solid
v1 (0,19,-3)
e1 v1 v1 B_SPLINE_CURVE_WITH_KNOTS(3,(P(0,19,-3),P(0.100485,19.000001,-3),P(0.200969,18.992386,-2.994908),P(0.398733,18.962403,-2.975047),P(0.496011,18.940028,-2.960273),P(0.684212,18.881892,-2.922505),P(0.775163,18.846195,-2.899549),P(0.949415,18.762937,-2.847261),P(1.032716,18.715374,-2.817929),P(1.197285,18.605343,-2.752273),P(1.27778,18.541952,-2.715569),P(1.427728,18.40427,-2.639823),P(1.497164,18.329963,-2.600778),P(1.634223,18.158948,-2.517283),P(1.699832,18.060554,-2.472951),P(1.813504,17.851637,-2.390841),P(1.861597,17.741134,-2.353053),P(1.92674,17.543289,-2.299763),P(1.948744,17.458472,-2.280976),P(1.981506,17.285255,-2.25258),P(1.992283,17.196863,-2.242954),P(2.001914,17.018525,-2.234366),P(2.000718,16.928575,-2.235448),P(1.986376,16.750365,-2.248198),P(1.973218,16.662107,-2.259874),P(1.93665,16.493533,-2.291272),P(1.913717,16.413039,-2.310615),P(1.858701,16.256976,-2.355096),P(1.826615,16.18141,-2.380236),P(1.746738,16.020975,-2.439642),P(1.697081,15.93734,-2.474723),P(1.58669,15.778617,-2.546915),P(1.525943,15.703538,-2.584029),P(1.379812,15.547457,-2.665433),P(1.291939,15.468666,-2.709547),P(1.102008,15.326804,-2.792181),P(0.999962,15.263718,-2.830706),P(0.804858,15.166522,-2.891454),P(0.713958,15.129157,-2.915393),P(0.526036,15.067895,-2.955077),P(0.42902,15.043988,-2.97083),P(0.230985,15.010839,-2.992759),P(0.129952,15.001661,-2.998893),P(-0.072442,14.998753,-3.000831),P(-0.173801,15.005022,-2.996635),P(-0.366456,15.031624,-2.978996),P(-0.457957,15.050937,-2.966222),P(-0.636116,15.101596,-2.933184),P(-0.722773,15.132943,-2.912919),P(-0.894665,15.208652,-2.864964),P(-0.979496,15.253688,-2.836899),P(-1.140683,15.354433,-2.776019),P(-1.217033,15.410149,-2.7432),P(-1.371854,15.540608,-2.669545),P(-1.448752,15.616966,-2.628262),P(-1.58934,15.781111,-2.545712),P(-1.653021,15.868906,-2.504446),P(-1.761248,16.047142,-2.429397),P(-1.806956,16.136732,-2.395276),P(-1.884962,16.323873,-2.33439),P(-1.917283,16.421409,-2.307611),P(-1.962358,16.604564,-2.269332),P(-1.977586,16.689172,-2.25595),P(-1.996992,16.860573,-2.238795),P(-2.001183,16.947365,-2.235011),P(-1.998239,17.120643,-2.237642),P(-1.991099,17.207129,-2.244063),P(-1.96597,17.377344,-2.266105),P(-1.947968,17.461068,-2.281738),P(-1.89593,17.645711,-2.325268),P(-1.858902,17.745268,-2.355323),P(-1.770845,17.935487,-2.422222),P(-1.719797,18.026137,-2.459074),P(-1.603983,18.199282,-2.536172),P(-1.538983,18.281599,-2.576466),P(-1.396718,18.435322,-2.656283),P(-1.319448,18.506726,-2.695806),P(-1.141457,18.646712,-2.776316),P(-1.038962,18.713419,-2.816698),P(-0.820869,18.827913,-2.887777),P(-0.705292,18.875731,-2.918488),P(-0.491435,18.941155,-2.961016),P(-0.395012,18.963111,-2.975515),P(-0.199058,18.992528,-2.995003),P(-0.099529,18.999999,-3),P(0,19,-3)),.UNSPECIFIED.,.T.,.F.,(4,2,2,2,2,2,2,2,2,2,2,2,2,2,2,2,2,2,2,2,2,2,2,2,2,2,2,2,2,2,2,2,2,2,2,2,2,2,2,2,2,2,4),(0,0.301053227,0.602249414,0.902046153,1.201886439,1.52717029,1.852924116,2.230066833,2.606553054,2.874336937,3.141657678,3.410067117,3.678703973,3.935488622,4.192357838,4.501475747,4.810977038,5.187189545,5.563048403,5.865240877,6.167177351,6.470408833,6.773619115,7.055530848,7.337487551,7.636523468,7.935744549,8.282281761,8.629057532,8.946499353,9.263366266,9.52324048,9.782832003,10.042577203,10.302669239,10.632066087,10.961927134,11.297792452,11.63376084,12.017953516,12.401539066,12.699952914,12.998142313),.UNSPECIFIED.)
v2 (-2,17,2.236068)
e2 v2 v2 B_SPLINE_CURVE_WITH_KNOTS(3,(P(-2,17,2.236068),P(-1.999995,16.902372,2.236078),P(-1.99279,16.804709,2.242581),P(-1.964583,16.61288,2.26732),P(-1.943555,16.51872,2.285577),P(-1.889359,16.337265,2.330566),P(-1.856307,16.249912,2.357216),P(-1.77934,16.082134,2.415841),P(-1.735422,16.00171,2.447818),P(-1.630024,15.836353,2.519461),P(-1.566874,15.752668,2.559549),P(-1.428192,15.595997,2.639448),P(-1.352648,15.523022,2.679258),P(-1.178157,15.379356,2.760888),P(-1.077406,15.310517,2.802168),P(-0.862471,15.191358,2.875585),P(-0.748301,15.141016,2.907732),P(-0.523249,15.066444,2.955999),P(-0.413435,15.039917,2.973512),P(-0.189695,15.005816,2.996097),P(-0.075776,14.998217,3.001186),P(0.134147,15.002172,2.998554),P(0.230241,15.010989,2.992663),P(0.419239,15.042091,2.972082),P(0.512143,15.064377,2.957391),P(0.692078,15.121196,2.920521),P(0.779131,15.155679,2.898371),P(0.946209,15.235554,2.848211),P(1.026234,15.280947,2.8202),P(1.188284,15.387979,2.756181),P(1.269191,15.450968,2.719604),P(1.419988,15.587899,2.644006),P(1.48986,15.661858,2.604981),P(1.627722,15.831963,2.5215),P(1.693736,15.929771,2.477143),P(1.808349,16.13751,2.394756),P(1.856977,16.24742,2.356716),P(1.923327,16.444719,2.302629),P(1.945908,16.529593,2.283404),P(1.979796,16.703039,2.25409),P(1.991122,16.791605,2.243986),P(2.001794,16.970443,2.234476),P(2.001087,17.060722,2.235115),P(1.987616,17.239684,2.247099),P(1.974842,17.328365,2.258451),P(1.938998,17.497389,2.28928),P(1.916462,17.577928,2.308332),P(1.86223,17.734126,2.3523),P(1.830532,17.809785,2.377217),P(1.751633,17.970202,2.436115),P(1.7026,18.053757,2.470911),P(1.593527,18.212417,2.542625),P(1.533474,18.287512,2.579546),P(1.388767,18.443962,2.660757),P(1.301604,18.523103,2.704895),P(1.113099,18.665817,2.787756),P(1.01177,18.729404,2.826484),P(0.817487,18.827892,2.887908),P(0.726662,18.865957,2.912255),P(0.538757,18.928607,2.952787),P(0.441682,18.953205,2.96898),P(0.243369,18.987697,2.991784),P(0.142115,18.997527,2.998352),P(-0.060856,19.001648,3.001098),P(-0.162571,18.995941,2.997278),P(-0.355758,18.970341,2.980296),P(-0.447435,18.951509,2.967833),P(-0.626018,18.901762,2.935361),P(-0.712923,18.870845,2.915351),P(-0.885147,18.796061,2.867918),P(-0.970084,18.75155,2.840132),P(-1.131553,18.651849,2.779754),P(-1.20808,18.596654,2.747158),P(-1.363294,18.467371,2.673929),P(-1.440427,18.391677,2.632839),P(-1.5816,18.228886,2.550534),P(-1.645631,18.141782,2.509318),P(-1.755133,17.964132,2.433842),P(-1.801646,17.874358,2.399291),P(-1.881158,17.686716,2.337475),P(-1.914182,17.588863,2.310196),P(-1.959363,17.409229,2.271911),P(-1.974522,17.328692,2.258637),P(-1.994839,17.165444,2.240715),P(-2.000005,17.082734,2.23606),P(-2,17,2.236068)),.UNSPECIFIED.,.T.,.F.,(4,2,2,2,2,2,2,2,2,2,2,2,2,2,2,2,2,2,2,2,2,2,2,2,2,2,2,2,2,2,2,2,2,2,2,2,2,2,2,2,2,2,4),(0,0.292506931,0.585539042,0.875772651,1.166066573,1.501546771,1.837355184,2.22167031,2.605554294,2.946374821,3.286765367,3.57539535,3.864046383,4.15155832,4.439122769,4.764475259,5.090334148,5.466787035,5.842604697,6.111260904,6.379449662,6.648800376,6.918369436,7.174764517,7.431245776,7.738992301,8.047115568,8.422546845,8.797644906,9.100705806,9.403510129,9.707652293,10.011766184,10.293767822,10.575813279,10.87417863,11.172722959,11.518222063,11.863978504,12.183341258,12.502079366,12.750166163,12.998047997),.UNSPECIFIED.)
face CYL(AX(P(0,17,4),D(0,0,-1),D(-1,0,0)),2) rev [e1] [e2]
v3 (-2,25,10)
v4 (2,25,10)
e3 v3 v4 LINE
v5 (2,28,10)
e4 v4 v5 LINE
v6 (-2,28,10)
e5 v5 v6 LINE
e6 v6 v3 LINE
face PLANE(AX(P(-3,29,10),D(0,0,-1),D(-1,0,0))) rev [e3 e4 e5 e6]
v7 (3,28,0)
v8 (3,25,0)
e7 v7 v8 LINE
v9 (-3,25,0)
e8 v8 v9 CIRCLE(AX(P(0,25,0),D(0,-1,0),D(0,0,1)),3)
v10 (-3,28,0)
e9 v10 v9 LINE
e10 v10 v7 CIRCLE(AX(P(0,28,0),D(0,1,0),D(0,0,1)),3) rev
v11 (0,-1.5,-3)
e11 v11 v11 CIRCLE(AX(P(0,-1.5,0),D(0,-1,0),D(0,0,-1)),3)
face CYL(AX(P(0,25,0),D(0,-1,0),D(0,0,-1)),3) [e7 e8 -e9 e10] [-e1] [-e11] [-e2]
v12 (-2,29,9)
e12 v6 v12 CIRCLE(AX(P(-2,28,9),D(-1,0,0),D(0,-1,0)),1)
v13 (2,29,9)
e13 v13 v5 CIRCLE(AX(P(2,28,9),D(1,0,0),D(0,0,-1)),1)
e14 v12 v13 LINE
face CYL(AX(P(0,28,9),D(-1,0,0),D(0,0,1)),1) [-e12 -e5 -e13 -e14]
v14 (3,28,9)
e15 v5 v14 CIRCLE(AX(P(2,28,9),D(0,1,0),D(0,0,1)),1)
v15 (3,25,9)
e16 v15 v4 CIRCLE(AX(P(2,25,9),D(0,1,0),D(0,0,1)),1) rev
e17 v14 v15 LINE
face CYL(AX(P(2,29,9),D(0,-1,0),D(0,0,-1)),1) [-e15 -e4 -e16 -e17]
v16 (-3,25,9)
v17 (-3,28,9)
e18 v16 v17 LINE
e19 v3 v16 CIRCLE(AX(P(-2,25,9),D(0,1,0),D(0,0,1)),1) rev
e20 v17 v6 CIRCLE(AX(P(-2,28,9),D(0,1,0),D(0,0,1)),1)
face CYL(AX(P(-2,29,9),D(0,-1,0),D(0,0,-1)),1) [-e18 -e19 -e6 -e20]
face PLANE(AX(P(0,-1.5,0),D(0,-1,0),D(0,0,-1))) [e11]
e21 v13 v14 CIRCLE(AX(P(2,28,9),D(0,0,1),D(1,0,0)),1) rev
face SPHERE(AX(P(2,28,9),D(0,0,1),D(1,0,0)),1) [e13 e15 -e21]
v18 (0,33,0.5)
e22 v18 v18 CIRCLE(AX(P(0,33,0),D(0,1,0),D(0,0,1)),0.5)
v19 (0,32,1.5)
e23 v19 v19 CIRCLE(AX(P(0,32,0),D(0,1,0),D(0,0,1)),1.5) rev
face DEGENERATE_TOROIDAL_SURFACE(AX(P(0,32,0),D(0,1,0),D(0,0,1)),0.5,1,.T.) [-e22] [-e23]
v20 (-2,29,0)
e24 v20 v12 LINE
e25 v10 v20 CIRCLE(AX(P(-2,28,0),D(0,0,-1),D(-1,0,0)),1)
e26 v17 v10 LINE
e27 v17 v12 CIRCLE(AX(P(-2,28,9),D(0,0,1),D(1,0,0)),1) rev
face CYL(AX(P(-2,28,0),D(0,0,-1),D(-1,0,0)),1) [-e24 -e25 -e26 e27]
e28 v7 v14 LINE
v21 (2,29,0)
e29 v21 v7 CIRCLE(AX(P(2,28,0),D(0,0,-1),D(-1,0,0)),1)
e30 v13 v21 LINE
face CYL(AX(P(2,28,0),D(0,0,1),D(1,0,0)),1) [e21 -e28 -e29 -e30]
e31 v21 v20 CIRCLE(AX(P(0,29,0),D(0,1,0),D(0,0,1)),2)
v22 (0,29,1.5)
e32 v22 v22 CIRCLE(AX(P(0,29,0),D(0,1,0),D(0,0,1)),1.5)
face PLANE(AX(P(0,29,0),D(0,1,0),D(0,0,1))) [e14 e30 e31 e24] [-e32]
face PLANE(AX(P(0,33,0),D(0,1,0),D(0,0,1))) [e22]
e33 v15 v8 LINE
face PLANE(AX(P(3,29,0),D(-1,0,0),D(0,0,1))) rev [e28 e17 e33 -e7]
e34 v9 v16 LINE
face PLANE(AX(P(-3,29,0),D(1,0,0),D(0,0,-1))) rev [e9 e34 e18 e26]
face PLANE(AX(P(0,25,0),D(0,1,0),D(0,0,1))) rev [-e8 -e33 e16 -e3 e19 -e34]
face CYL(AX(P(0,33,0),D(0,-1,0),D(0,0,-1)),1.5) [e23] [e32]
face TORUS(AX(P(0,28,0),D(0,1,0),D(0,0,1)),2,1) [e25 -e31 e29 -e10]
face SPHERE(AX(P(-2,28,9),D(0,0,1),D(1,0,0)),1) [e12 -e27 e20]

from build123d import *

# Parameters (mm, degrees)
SKETCH2_R               = 3
BOSS_EXTRUDE1_DEPTH     = 25
BOSS_EXTRUDE2_DEPTH     = 4
SKETCH5_R               = 3
BOSS_EXTRUDE3_DEPTH     = 4
FILLET1_R               = 1
CUT_EXTRUDE1_DEPTH      = 4
CUT_EXTRUDE1_DEPTH_BACK = 4
SKETCH6_R               = 2
SKETCH7_R               = 1.5
BOSS_EXTRUDE4_DEPTH     = 4
FILLET2_R               = 1
BOSS_EXTRUDE5_START     = 1.5
SKETCH8_R               = 3
BOSS_EXTRUDE5_DEPTH     = 1.5


with BuildPart() as part:
    # Sketch2 → Boss-Extrude1 (new body)
    with BuildSketch(Plane(origin=(0, 0, 0), x_dir=(1, 0, 0), z_dir=(0, 1, 0))):
        with Locations(Location((0, 0, 0), (0, 0, 270))):
            Circle(SKETCH2_R)
    extrude(amount=BOSS_EXTRUDE1_DEPTH)



with BuildPart() as body_2:
    # Sketch4 → Boss-Extrude2 (new body)
    with BuildSketch(Plane(origin=(0, 25, 0), x_dir=(1, 0, 0), z_dir=(0, 1, 0))):
        with BuildLine():
            Line((-3, 0), (-3, -10))
            Line((-3, -10), (3, -10))
            Line((3, -10), (3, 0))
            ThreePointArc((3, 0), (0, -3), (-3, 0))
        make_face()
    extrude(amount=BOSS_EXTRUDE2_DEPTH)


with BuildPart() as part_1:
    add(part.part)

    add(body_2.part)  # Boss-Extrude3 merges body 2
    # Sketch5 → Boss-Extrude3 (add)
    with BuildSketch(Plane(origin=(0, 25, 0), x_dir=(1, 0, 0), z_dir=(0, 1, 0))):
        Circle(SKETCH5_R)
    extrude(amount=BOSS_EXTRUDE3_DEPTH)

    # Fillet1
    fillet1_edges = [part_1.edges().sort_by_distance(p)[0] for p in [
        (0, 29, -3),
        (3, 27, 10),
        (-3, 27, 10),
        (3, 29, 5),
        (-3, 29, 5),
        (0, 29, 10),
    ]]
    fillet(fillet1_edges, radius=FILLET1_R)

    # Sketch6 → Cut-Extrude1 (cut, two sides: drawn at the far end of the back side and taken through both)
    with BuildSketch(Plane.XY.offset(-CUT_EXTRUDE1_DEPTH_BACK)):
        with Locations(Location((0, 17, 0), (0, 0, 180))):
            Circle(SKETCH6_R)
    extrude(amount=CUT_EXTRUDE1_DEPTH + CUT_EXTRUDE1_DEPTH_BACK, mode=Mode.SUBTRACT)

    # Sketch7 → Boss-Extrude4 (add)
    with BuildSketch(Plane(origin=(0, 29, 0), x_dir=(1, 0, 0), z_dir=(0, 1, 0))):
        with Locations(Location((0, 0, 0), (0, 0, 270))):
            Circle(SKETCH7_R)
    extrude(amount=BOSS_EXTRUDE4_DEPTH)

    # Fillet2
    fillet2_edges = [part_1.edges().sort_by_distance(p)[0] for p in [
        (0, 33, -1.5),
    ]]
    fillet(fillet2_edges, radius=FILLET2_R)

    # Sketch8 → Boss-Extrude5 (add)
    with BuildSketch(Plane(origin=(0, 0, 0), x_dir=(-1, 0, 0), z_dir=(0, -1, 0)).offset(BOSS_EXTRUDE5_START)):
        with Locations(Location((0, 0, 0), (0, 0, 90))):
            Circle(SKETCH8_R)
    extrude(amount=-BOSS_EXTRUDE5_DEPTH)


solid = part_1.part
